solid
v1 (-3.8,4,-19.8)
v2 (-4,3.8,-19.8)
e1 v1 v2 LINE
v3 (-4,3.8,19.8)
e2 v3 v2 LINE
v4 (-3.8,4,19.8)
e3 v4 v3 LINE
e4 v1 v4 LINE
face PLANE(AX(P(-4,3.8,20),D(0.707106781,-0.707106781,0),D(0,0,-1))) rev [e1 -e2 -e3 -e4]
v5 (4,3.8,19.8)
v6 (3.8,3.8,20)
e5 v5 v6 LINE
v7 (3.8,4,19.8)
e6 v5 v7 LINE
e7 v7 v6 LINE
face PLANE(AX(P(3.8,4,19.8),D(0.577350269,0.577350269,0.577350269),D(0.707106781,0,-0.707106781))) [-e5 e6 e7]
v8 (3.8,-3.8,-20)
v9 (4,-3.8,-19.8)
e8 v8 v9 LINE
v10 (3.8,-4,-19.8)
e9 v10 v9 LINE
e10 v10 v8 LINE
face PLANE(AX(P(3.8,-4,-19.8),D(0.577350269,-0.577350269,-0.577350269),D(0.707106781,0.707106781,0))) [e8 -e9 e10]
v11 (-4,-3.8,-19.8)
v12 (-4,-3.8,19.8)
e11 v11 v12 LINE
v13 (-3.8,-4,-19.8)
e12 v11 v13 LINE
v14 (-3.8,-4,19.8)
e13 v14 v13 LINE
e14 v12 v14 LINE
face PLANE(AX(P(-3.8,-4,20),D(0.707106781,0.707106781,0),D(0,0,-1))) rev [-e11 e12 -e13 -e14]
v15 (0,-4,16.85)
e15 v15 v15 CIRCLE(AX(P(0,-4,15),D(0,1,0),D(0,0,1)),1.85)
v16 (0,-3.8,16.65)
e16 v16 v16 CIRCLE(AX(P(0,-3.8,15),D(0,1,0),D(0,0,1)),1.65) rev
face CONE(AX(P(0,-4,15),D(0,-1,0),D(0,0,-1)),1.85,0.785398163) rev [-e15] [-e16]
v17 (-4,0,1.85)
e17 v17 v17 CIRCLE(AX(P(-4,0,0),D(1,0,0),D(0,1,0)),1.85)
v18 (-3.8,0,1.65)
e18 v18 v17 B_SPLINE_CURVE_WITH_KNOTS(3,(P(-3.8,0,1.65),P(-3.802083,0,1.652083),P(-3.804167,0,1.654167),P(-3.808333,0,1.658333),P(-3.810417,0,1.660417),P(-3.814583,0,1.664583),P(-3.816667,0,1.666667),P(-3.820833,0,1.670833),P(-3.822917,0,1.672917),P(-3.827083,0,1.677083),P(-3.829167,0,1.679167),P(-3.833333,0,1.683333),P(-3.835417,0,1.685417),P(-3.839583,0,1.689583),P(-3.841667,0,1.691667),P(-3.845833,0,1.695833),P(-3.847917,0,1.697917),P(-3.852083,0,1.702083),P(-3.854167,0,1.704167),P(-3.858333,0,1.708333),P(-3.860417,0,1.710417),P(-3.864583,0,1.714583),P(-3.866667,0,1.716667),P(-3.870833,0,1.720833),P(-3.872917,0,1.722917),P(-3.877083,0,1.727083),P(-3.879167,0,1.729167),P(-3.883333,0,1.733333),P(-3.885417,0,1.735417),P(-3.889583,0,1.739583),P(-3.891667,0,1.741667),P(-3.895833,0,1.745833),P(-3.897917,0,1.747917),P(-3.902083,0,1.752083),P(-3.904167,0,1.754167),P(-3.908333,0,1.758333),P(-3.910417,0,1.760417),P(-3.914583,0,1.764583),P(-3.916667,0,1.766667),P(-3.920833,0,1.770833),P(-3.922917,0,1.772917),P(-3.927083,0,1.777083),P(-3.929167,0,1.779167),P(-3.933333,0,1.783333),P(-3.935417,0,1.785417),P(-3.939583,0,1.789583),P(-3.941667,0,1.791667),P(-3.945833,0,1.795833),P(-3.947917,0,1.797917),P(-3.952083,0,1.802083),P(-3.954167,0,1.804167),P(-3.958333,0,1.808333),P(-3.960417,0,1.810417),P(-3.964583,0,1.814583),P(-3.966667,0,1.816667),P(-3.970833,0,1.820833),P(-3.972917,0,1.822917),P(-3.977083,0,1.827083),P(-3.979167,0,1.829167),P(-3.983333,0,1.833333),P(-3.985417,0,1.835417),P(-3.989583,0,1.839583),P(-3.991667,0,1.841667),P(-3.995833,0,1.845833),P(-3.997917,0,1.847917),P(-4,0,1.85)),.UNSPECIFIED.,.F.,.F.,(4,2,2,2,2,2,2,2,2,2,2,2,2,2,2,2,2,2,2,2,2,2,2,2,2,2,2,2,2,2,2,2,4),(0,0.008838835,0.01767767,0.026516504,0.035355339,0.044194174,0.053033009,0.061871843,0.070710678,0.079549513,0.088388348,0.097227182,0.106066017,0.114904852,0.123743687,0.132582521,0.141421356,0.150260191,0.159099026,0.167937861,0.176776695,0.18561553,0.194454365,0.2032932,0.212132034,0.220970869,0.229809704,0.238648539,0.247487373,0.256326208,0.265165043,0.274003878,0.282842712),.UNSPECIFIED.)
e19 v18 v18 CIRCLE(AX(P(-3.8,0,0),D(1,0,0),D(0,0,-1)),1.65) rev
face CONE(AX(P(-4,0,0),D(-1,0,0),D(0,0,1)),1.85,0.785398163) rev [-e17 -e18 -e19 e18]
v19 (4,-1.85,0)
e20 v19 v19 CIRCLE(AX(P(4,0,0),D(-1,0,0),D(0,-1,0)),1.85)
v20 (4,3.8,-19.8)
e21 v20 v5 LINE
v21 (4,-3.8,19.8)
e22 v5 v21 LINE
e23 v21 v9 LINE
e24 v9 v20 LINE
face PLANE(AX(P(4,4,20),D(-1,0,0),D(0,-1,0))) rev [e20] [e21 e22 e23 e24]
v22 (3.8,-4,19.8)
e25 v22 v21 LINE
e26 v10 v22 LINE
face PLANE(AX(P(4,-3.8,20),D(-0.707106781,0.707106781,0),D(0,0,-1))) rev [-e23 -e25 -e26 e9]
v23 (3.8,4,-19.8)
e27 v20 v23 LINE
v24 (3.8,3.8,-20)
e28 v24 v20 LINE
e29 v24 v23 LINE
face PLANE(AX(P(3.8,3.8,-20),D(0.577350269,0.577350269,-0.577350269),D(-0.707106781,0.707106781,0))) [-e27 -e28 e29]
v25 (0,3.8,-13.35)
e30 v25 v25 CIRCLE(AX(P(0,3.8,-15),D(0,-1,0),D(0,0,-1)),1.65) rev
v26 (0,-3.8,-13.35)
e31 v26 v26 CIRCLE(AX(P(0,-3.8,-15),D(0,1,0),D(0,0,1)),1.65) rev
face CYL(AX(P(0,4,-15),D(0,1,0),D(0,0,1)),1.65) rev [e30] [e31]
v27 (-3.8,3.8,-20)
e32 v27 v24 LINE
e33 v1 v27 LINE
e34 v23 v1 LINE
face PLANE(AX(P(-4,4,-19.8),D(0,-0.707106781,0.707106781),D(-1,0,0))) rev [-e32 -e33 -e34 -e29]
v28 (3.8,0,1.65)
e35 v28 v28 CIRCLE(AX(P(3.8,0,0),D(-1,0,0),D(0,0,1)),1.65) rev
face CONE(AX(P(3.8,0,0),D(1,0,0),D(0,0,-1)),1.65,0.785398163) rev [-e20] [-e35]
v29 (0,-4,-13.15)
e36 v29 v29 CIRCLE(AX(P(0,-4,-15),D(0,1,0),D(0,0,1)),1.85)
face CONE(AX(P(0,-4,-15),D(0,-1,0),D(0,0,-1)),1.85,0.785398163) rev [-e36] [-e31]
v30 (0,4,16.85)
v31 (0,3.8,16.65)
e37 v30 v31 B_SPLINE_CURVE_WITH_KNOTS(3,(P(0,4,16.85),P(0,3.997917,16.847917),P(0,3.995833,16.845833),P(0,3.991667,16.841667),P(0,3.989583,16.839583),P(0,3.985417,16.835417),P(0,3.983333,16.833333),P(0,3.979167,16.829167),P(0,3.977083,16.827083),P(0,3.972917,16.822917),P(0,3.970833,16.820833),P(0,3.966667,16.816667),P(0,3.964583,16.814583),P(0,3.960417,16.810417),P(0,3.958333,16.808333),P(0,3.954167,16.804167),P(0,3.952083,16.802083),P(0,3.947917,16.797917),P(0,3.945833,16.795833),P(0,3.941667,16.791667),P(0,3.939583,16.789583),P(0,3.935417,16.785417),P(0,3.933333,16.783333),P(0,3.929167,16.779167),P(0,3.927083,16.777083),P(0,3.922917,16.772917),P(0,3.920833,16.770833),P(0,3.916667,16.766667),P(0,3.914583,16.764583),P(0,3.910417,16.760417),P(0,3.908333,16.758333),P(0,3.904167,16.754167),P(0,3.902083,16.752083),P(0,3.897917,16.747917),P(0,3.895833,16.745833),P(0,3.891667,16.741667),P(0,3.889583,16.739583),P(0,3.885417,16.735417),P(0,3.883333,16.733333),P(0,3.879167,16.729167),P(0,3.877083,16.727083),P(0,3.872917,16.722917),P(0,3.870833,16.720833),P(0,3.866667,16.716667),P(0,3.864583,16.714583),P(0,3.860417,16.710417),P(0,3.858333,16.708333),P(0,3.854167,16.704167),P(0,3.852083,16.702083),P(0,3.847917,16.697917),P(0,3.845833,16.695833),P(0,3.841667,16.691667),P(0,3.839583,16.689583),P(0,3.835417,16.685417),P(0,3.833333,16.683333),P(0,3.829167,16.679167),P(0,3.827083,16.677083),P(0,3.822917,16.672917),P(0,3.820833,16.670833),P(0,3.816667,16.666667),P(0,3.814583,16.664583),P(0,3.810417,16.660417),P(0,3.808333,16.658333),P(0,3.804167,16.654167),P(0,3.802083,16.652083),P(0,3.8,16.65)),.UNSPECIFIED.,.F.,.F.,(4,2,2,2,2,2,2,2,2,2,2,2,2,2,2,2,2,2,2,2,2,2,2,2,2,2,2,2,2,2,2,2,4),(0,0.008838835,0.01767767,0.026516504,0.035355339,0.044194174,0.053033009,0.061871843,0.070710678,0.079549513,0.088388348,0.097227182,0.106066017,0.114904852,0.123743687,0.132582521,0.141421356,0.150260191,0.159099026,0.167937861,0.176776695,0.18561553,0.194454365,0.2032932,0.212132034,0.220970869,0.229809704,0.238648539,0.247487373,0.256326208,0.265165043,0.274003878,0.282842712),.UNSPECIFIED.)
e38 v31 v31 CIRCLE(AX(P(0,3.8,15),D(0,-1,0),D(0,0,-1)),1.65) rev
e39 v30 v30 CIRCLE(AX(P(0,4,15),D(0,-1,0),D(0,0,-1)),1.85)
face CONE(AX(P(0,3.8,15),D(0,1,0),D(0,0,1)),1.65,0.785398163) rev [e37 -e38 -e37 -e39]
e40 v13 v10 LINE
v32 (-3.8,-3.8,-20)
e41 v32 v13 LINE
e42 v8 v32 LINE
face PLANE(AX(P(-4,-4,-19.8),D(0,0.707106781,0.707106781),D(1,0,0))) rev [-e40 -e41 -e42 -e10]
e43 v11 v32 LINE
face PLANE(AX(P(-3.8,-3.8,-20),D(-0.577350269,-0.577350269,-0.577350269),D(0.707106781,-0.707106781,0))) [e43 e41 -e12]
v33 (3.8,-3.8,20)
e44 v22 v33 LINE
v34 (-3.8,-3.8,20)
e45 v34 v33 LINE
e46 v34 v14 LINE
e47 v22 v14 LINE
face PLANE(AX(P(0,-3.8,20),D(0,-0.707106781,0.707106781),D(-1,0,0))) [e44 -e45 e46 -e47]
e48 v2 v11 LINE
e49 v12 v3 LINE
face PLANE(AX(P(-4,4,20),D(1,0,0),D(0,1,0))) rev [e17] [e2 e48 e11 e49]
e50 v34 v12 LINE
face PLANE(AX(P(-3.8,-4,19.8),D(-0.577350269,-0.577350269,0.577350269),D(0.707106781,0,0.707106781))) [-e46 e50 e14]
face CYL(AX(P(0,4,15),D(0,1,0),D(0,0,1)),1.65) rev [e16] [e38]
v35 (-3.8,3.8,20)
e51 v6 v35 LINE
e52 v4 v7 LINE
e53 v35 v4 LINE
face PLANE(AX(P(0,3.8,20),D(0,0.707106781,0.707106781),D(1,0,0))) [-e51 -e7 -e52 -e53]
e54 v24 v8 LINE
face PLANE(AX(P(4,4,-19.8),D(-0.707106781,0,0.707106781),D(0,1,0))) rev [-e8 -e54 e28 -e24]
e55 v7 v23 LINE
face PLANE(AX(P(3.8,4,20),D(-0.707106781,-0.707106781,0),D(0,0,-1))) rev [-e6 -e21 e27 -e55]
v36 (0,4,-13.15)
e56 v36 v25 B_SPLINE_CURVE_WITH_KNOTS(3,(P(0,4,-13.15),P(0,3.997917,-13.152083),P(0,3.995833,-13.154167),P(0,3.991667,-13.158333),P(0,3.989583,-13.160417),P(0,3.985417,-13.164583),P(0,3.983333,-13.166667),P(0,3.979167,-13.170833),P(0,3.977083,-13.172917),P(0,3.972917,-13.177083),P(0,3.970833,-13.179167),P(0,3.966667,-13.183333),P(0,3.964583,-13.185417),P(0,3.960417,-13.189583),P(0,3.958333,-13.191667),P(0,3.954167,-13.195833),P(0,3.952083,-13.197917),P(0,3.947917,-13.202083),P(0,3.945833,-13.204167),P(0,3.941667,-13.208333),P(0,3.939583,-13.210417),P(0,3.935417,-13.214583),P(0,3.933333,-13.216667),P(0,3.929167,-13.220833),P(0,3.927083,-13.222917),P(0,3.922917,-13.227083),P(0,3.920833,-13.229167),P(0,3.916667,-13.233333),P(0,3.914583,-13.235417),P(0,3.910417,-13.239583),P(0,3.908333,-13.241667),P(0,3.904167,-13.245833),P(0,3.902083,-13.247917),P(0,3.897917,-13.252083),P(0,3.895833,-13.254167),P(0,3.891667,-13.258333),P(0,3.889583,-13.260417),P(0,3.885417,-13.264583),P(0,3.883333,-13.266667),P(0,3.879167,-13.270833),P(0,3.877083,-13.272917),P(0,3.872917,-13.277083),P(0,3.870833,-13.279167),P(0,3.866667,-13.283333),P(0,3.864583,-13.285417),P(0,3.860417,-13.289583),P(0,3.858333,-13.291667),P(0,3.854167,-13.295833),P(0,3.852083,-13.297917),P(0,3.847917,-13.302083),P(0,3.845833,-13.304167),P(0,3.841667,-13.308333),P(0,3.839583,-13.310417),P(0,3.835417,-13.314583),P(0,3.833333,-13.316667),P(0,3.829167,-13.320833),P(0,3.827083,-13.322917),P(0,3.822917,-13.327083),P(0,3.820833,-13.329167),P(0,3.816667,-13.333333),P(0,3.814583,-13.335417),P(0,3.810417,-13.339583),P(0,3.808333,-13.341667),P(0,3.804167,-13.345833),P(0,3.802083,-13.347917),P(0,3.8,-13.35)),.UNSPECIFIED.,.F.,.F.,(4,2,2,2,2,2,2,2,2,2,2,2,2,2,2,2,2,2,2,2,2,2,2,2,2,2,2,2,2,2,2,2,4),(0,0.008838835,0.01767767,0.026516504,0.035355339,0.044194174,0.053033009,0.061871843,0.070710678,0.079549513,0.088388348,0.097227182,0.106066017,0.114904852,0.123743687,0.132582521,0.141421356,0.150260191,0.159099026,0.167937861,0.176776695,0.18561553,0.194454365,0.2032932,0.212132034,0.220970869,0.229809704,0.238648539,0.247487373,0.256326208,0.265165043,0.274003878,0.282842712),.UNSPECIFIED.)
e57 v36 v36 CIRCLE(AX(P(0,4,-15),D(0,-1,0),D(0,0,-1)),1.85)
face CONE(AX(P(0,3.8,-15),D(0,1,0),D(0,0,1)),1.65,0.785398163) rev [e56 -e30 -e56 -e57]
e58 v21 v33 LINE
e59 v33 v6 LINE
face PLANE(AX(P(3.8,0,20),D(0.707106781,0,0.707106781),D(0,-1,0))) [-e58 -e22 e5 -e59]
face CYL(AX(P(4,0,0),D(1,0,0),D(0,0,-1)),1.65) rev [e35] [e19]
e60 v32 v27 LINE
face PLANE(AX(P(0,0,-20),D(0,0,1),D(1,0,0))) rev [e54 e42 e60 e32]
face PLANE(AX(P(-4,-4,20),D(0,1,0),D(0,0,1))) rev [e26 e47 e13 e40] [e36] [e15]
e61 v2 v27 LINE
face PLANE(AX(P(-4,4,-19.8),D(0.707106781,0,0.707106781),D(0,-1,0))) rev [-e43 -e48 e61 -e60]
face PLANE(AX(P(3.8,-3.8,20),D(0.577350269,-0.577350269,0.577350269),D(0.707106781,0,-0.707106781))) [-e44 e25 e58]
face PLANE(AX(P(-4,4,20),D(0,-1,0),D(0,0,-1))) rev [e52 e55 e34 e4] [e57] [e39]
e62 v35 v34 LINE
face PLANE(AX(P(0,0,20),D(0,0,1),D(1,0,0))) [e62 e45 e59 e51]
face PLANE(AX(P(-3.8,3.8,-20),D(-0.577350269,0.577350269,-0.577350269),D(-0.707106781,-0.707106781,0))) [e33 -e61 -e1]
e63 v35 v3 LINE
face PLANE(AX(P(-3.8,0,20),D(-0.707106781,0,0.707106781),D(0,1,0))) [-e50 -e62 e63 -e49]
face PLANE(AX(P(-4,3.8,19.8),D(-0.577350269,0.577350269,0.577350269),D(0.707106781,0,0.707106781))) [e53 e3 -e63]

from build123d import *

# Parameters (mm, degrees)
SKETCH_1_W         = 8
SKETCH_1_H         = 8
EXTRUDE_1_DEPTH    = 20
HOLE_WIZARD_M4_1_D = 3.3
HOLE_WIZARD_M4_2_D = 3.3
CHAMFER_1_SIZE     = 0.2


with BuildPart() as part:
    # 草图1 → 凸台-拉伸1 (new, symmetric)
    with BuildSketch(Plane.XY):
        Rectangle(SKETCH_1_W, SKETCH_1_H)
    extrude(amount=EXTRUDE_1_DEPTH, both=True)

    # M4 螺纹孔1 (through all)
    with Locations(Plane(origin=(4, 0, 0), x_dir=(0, 0, -1), z_dir=(1, 0, 0))):
        with Locations((0, 0)):
            Hole(HOLE_WIZARD_M4_1_D / 2)

    # M4 螺纹孔2 (through all)
    with Locations(Plane(origin=(0, 4, 0), x_dir=(1, 0, 0), z_dir=(0, 1, 0))):
        with Locations((0, -15), (0, 15)):
            Hole(HOLE_WIZARD_M4_2_D / 2)

    # 倒角1
    chamfer_1_edges = [part.edges().sort_by_distance(p)[0] for p in [
        (-4, 0, 20),
        (4, 0, -1.65),
        (-4, 0, -1.65),
        (0, -4, 20),
        (1.65, 4, -15),
        (1.65, -4, -15),
        (1.65, 4, 15),
        (1.65, -4, 15),
        (4, 0, 20),
        (0, -4, -20),
        (-4, 0, -20),
        (0, 4, -20),
        (4, 0, -20),
        (4, -4, 0),
        (-4, -4, 0),
        (-4, 4, 0),
        (4, 4, 0),
        (0, 4, 20),
    ]]
    chamfer(chamfer_1_edges, length=CHAMFER_1_SIZE)


solid = part.part
